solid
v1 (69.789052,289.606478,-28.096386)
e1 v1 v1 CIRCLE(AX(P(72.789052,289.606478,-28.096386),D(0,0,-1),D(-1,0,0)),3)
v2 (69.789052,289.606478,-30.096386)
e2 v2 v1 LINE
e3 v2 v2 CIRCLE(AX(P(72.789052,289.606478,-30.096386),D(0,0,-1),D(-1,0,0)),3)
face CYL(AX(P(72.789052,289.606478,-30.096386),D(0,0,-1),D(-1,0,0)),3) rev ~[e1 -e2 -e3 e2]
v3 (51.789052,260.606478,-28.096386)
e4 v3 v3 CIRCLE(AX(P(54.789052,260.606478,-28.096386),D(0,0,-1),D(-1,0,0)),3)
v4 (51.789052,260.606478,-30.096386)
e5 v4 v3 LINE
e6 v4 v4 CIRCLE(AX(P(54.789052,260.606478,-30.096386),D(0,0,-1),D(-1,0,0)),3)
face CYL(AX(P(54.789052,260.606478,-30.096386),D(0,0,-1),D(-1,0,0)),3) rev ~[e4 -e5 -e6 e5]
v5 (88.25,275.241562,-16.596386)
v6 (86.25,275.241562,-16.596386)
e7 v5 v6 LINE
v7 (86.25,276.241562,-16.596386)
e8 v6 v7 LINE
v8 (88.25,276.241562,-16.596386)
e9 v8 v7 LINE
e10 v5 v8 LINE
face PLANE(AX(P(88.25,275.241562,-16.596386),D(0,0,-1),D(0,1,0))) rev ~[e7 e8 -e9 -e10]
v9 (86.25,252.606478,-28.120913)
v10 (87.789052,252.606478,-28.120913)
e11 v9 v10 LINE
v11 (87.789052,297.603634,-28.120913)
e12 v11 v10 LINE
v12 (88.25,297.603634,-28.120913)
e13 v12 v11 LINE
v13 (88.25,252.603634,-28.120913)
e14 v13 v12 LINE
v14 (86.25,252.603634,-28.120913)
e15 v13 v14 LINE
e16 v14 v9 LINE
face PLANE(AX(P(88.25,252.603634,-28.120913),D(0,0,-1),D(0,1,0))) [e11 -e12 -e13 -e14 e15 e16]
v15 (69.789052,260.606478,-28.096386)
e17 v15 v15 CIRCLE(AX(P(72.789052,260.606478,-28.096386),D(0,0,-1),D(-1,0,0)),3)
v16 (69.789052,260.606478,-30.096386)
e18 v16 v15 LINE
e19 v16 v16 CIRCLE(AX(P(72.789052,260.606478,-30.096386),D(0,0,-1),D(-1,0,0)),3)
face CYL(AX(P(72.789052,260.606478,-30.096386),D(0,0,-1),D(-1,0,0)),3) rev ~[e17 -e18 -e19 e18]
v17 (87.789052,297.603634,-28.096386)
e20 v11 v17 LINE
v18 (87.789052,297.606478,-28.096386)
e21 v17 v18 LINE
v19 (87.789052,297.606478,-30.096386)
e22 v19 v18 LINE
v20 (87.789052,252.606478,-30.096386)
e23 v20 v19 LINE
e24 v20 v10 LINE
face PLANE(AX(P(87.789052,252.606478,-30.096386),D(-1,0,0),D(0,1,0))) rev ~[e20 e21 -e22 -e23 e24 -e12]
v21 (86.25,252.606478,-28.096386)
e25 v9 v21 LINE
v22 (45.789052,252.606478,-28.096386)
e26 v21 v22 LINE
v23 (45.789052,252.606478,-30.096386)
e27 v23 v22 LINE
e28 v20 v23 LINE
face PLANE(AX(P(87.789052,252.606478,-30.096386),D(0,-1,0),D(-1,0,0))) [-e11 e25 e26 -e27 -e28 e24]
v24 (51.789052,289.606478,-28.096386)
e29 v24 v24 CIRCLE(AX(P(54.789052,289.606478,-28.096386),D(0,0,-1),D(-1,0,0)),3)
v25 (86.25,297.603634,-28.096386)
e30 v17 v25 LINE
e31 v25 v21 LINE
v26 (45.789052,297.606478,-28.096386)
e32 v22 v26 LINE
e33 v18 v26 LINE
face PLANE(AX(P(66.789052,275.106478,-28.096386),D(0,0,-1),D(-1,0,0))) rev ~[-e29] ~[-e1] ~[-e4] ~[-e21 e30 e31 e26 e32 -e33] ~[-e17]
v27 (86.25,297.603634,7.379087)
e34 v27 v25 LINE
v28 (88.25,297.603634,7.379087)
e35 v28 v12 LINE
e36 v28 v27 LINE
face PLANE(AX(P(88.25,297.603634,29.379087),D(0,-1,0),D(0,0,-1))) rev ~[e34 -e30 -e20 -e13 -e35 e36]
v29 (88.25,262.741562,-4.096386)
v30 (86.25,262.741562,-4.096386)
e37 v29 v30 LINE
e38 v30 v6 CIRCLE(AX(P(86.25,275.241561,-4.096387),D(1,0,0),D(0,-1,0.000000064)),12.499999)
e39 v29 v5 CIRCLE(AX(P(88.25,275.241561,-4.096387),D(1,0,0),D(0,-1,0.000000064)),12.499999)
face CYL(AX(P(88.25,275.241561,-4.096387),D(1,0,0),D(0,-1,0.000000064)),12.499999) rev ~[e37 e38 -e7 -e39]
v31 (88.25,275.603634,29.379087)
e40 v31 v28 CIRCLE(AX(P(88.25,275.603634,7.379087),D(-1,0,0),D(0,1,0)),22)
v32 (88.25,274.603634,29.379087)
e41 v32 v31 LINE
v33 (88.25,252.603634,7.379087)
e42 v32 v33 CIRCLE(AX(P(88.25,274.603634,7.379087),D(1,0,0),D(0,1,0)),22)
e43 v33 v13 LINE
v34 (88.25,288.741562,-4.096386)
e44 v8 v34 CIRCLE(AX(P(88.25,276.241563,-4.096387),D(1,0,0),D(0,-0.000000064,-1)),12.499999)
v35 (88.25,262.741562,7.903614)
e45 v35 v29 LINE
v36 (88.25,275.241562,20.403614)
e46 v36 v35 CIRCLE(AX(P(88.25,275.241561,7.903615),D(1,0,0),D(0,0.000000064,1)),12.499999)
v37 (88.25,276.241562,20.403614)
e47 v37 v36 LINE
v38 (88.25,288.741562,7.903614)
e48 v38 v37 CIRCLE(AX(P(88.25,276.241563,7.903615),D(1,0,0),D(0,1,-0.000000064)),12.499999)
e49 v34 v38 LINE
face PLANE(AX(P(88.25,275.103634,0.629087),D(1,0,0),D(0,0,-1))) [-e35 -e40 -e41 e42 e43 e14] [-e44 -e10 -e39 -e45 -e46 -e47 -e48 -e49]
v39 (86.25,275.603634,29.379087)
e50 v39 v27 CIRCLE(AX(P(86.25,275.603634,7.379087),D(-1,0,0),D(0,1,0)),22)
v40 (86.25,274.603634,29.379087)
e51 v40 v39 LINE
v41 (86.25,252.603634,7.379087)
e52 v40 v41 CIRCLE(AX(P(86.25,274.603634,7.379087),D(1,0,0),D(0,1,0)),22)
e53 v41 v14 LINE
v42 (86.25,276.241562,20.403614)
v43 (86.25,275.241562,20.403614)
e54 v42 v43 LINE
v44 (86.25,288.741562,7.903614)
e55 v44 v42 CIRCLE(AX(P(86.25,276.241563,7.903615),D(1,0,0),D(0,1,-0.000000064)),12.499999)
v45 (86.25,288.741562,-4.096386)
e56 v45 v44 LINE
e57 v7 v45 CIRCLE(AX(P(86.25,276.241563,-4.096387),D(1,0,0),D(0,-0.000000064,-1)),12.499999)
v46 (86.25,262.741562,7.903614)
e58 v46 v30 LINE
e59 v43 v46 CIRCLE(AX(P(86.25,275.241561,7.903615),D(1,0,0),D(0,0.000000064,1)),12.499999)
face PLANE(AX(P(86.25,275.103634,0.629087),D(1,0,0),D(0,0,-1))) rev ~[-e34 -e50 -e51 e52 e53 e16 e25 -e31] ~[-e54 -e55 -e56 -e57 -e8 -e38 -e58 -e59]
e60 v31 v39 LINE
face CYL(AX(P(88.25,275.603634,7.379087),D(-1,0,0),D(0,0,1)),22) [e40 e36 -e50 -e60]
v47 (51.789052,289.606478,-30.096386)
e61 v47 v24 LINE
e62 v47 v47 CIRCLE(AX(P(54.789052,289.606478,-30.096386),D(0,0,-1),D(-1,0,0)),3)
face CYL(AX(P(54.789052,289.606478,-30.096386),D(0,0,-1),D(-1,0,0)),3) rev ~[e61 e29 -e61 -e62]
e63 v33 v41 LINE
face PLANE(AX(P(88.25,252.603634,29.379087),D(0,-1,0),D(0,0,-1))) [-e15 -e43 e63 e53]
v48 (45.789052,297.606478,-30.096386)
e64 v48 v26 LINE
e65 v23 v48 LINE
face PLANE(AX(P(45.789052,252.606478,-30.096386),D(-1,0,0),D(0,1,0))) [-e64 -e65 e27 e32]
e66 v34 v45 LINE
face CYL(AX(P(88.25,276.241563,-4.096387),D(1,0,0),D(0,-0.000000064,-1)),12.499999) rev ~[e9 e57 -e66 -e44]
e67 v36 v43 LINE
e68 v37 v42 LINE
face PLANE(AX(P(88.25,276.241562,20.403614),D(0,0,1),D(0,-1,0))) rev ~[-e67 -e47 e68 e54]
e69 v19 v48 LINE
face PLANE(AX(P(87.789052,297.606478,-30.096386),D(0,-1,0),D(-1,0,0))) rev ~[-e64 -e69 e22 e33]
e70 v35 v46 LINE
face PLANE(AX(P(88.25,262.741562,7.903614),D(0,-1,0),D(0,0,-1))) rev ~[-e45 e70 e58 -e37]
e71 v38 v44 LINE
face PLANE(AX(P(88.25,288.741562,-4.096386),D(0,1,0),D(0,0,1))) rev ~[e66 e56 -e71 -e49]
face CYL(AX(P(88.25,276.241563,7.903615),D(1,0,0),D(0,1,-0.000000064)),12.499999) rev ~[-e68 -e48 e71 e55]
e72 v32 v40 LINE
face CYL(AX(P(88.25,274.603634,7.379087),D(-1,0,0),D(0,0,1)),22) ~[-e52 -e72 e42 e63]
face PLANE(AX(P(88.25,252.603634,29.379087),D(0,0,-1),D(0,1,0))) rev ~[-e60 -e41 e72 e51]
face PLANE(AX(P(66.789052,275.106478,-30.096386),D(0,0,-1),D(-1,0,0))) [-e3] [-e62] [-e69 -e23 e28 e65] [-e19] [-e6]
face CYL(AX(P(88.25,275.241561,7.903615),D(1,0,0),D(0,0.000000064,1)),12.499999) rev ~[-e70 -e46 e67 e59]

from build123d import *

# Parameters (mm, degrees)
SKETCH017_W             = 42
SKETCH017_H             = 45
SKETCH017_R             = 3
PAD012_DEPTH            = 2
SKETCH018_W             = 57.5
SKETCH018_H             = 45
PAD013_DEPTH            = 2
FILLET_R                = 22
BODY005_PITCH_ANGLE     = 90
BODY005_PLACEMENT_ANGLE = 90


with BuildPart() as part:
    # Sketch017 → Pad012 (new body)
    with BuildSketch(Plane(origin=(-40, 3, -3), x_dir=(0, 1, 0), z_dir=(1, 0, 0))):
        with Locations((18.460948, -2.635084)):
            Rectangle(SKETCH017_W, SKETCH017_H)
        with Locations((12.460948, 11.864916)):
            Circle(SKETCH017_R, mode=Mode.SUBTRACT)
        with Locations((30.460948, 11.864916)):
            Circle(SKETCH017_R, mode=Mode.SUBTRACT)
        with Locations((30.460948, -17.135084)):
            Circle(SKETCH017_R, mode=Mode.SUBTRACT)
        with Locations((12.460948, -17.135084)):
            Circle(SKETCH017_R, mode=Mode.SUBTRACT)
    extrude(amount=-PAD012_DEPTH)

    # Sketch018 → Pad013 (join)
    with BuildSketch(Plane(origin=(-21, 0, -3), x_dir=(1, 0, 0), z_dir=(0, -1, 0))):
        with Locations((-49.725473, -2.637928)):
            Rectangle(SKETCH018_W, SKETCH018_H)
        with BuildLine():
            Line((-57, -15), (-45, -15))
            ThreePointArc((-45, -15), (-36.161165, -11.338835), (-32.5, -2.5))
            Line((-32.5, -2.5), (-32.5, -1.5))
            ThreePointArc((-32.5, -1.5), (-36.161165, 7.338835), (-45, 11))
            Line((-45, 11), (-57, 11))
            ThreePointArc((-57, 11), (-65.838835, 7.338835), (-69.5, -1.5))
            Line((-69.5, -1.5), (-69.5, -2.5))
            ThreePointArc((-69.5, -2.5), (-65.838835, -11.338835), (-57, -15))
        make_face(mode=Mode.SUBTRACT)
    extrude(amount=-PAD013_DEPTH)

    # Fillet
    fillet_edges = [part.edges().sort_by_distance(p)[0] for p in [
        (-99.475473, 1, -28.137928),
        (-99.475473, 1, 16.862072),
    ]]
    fillet(fillet_edges, radius=FILLET_R)


with BuildPart() as part_1:
    # Body005 pitch: moved
    add(part.part.rotate(Axis((0, 0, 0), (0, 1, 0)), BODY005_PITCH_ANGLE))


with BuildPart() as part_2:
    # Body005 placement: moved
    add(part_1.part.moved(Location((88.25, 280.741562, -70.096386))).rotate(Axis((88.25, 280.741562, -70.096386), (0, 0, 1)), BODY005_PLACEMENT_ANGLE))


solid = part_2.part
